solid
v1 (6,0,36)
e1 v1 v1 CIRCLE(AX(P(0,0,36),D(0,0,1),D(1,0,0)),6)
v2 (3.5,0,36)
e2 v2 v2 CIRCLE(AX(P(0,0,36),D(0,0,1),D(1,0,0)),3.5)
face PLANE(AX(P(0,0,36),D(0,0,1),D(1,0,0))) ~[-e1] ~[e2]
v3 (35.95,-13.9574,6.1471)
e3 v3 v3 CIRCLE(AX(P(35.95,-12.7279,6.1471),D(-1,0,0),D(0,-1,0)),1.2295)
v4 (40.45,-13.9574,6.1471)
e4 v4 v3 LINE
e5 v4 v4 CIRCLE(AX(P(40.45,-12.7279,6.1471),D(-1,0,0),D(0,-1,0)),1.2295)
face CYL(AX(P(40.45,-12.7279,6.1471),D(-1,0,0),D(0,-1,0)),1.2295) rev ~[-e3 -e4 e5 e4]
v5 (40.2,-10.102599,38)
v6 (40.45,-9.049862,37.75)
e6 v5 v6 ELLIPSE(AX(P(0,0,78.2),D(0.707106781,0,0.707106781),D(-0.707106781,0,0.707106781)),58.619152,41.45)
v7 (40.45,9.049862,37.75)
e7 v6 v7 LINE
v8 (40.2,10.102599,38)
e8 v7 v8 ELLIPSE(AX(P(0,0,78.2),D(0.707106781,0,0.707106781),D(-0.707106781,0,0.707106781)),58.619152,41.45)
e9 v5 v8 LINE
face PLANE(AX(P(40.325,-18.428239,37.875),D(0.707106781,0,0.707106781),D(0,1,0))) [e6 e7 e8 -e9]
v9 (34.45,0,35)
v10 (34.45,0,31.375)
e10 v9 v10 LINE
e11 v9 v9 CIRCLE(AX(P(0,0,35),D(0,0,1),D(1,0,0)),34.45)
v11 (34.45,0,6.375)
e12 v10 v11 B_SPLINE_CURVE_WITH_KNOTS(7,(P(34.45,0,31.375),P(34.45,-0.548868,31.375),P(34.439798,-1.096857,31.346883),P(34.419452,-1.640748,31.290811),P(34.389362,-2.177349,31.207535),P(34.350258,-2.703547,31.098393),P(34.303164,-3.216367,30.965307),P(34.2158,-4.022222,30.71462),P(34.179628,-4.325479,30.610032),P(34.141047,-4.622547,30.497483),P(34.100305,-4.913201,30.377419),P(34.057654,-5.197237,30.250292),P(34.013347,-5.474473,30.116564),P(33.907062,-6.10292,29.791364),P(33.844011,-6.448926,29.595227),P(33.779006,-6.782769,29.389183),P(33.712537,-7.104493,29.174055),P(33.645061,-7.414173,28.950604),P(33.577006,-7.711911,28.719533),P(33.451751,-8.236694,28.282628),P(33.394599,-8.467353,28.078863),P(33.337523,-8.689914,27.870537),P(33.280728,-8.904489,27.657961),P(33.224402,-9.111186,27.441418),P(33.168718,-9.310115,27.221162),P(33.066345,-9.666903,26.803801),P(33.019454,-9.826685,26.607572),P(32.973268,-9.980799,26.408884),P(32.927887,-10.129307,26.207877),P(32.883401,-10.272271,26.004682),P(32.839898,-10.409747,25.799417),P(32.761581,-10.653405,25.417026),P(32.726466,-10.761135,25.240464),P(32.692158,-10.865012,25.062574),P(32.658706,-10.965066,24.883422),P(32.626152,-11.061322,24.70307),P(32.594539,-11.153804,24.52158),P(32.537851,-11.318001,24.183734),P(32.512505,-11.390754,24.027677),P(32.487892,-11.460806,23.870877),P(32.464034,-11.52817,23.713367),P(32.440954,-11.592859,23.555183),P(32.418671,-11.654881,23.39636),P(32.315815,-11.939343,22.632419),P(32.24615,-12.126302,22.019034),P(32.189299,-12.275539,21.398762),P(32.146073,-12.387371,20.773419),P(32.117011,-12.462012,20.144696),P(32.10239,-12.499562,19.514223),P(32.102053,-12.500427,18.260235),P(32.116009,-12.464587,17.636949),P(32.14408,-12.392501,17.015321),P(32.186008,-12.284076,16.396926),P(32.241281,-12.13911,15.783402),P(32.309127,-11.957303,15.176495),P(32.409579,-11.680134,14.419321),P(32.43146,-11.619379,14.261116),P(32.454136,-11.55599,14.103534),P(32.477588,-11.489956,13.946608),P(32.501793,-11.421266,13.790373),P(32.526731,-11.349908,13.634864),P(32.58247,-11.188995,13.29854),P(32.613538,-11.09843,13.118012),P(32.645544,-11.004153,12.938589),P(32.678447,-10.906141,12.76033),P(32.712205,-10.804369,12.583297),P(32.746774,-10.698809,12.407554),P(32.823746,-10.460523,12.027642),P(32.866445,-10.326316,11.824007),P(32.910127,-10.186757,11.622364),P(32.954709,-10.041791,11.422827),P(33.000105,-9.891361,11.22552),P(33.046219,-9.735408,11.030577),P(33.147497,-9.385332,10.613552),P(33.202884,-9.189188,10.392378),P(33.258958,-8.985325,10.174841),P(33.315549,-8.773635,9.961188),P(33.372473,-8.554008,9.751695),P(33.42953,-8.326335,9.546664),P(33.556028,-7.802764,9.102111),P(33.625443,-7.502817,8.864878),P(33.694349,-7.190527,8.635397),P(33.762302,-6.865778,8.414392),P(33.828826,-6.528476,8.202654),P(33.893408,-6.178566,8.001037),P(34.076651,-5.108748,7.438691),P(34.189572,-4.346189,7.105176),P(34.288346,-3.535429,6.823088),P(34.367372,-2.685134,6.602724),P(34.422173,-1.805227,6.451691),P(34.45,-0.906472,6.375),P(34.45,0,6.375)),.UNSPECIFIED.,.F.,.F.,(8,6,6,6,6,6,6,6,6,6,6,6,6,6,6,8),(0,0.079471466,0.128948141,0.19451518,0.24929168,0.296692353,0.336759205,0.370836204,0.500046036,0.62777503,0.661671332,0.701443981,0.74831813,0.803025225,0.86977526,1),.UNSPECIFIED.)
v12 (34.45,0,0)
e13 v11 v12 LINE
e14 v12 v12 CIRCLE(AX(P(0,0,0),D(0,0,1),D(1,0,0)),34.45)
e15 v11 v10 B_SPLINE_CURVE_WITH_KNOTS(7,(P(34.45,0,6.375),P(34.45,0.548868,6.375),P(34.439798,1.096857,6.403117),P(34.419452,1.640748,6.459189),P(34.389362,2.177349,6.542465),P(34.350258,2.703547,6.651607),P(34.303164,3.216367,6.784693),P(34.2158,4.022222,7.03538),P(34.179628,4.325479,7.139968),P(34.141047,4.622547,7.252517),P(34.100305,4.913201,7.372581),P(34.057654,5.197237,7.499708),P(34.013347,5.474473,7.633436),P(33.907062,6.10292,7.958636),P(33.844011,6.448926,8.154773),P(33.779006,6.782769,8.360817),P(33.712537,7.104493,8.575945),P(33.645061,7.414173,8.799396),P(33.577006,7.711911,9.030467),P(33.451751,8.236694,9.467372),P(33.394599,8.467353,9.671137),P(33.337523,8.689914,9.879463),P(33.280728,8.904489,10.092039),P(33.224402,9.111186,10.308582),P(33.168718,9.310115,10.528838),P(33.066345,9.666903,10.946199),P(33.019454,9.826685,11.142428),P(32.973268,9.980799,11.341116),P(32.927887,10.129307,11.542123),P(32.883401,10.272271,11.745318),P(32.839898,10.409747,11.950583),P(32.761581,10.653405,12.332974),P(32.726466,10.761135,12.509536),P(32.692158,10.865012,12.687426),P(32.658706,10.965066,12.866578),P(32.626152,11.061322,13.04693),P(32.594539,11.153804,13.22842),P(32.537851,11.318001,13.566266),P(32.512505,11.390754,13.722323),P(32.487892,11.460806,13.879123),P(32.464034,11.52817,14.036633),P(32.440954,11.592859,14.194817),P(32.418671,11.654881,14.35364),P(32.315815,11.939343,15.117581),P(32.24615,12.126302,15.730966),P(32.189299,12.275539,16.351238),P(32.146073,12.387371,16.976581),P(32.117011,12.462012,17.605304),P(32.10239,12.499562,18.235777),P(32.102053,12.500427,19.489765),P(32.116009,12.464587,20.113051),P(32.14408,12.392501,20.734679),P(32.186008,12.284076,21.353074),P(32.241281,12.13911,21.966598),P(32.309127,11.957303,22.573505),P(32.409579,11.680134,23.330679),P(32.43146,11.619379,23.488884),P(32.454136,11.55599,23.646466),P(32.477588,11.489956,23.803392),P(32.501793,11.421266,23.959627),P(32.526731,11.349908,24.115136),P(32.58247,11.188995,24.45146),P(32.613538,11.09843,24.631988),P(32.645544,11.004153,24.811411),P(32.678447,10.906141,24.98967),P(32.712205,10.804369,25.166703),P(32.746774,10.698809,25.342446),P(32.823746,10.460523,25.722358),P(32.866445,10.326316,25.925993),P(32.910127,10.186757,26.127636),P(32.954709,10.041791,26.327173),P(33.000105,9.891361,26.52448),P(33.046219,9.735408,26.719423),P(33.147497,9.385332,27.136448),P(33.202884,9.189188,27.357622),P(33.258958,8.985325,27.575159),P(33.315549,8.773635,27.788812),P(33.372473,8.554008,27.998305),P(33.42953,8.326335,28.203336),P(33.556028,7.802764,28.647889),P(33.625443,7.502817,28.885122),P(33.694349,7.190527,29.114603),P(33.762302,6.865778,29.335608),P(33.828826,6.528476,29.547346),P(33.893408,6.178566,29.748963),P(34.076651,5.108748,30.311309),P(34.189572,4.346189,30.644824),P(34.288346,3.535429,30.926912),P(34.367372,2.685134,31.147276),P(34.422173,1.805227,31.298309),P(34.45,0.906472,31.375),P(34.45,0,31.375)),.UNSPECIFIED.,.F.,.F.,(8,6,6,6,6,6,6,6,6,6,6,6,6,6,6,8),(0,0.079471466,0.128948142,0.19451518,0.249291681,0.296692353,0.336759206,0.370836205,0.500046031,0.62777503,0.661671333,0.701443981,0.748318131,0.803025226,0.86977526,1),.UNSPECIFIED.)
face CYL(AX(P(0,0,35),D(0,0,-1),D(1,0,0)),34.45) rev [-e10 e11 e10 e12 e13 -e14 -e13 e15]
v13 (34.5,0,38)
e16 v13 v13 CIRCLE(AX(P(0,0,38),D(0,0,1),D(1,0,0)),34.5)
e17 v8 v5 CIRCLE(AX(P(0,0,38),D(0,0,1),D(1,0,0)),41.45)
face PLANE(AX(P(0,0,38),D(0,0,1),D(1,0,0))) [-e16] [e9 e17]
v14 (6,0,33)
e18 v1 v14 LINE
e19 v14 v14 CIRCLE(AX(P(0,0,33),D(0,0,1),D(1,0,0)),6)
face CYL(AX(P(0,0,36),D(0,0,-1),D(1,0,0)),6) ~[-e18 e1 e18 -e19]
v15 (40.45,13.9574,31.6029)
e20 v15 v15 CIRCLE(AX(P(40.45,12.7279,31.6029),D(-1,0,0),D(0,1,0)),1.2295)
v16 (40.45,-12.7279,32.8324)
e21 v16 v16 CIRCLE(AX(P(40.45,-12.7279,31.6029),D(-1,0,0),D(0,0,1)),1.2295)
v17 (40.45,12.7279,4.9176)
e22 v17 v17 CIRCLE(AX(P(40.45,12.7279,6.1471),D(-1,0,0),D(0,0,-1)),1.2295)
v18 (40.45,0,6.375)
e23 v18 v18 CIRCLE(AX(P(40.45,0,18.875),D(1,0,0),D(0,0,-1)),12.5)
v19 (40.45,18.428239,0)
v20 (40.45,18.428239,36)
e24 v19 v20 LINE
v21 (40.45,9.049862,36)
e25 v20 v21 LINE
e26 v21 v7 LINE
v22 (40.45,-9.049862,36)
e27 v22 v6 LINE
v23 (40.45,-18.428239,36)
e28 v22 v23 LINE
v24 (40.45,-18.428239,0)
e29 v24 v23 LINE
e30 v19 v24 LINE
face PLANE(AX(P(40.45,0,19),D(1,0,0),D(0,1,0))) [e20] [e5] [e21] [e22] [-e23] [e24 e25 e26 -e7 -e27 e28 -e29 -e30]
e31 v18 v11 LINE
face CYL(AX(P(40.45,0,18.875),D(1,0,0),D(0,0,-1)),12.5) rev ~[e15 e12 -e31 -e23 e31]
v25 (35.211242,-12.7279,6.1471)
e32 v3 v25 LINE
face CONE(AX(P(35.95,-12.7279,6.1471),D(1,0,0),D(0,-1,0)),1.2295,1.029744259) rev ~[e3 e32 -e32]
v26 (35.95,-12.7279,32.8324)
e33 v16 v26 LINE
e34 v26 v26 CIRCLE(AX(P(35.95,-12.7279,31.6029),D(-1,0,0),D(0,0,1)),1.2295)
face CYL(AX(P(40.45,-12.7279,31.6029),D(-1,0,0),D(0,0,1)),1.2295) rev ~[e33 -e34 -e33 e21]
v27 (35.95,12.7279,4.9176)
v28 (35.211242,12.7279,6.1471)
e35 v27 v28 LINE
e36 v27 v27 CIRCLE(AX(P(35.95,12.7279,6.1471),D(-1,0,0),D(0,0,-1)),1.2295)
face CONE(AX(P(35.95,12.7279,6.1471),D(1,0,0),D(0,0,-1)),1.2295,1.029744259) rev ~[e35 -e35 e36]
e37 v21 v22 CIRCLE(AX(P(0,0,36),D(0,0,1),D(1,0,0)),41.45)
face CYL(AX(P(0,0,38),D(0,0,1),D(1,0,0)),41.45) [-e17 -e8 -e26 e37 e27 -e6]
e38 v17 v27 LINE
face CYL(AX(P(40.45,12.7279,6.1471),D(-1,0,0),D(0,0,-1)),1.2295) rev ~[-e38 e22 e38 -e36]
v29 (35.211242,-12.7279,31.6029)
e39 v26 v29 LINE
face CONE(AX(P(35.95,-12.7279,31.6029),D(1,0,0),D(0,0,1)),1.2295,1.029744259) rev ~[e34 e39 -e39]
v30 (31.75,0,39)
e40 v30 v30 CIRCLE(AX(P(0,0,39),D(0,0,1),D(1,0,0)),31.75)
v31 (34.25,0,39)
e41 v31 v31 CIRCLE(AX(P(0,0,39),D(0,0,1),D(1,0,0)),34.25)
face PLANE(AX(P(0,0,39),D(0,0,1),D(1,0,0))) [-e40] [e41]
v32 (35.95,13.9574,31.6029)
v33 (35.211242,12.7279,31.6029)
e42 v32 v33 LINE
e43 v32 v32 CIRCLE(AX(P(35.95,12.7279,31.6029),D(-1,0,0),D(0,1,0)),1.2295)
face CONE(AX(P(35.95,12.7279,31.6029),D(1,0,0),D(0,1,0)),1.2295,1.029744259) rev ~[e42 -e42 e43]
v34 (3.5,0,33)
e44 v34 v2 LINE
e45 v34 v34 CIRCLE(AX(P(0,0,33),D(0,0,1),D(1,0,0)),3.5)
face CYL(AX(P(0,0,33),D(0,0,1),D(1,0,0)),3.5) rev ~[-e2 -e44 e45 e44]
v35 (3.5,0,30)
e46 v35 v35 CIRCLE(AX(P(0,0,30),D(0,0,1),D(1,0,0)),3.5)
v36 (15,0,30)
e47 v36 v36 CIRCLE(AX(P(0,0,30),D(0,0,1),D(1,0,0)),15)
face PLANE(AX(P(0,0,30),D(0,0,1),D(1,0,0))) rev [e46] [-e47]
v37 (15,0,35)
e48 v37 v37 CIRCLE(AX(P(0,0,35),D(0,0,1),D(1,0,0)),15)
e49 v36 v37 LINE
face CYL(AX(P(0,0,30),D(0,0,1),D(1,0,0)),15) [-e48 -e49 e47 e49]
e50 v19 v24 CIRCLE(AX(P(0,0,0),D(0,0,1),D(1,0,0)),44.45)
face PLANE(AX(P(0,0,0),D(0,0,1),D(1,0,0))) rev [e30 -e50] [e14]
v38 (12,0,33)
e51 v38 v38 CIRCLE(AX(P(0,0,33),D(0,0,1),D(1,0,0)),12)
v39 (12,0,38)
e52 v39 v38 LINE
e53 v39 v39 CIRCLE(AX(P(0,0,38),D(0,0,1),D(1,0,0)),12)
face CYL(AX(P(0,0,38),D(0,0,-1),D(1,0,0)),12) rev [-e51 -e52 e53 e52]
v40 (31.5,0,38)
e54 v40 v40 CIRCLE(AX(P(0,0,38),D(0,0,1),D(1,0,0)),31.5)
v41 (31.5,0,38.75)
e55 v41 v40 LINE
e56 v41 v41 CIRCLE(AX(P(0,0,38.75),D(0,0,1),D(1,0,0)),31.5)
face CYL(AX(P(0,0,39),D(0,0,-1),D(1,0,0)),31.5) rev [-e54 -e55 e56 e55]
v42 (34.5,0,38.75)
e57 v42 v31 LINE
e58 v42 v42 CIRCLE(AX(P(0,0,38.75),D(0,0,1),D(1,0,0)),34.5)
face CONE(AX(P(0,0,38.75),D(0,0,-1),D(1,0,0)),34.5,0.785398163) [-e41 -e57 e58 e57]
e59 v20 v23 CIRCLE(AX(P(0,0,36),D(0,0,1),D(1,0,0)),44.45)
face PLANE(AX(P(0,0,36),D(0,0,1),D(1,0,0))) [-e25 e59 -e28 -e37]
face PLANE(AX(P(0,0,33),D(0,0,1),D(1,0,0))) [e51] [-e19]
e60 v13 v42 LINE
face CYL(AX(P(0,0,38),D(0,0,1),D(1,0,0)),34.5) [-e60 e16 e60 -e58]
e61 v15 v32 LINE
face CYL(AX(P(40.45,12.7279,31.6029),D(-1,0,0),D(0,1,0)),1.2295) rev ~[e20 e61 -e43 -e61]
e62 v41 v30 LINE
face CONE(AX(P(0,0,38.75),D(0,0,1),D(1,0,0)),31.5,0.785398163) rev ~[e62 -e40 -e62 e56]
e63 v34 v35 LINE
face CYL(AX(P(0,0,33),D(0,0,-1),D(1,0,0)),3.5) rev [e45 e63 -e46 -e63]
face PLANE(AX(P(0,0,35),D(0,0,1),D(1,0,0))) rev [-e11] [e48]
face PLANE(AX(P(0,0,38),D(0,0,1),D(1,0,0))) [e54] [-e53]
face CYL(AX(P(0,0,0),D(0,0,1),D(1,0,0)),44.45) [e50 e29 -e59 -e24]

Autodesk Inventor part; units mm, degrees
ref_plane "XZ Plane" through (0, 0, 0) normal (0, 1, 0) x (-1, 0, 0)
ref_plane "XY Plane" through (0, 0, 0) normal (0, 0, 1) x (1, 0, 0)
sketch "Sketch1" plane through (0, 0, 0) normal (0, 1, 0) x (-1, 0, 0)
  line L0 (0, 0) -> (0, 38)
  line L1 (-3.5, 30) -> (-15, 30)
  line L2 (-15, 30) -> (-15, 35)
  line L3 (-15, 35) -> (-34.45, 35)
  line L4 (-34.45, 35) -> (-34.45, 0)
  line L5 (-34.45, 0) -> (-44.45, 0)
  line L6 (-44.45, 0) -> (-44.45, 38)
  line L7 (-44.45, 38) -> (-34.5, 38)
  line L8 (-34.5, 38) -> (-34.5, 39)
  line L9 (-34.5, 39) -> (-31.5, 39)
  line L10 (-31.5, 39) -> (-31.5, 38)
  line L11 (-31.5, 38) -> (-12, 38)
  line L12 (-12, 33) -> (-3.5, 33)
  line L13 (-12, 38) -> (-12, 33)
  line L14 (-3.5, 33) -> (-3.5, 30)
  line L15 (-3.5, 33) -> (-3.5, 36)
  line L16 (-3.5, 36) -> (-6, 36)
  line L17 (-6, 36) -> (-6, 33)
  dimension "d5" = 69
  dimension "d6" = 3
  dimension "d7" = 1
  dimension "d8" = 88.9
  dimension "d10" = 3
  dimension "d11" = 5
  dimension "d12" = 30
  dimension "d37" = 10
  dimension "d64" = 38
  dimension "d74" = 7
  dimension "d75" = 24
  dimension "d76" = 3
  dimension "d77" = 2.5
  dimension "d78" = 3
revolve "Revolution1" add sketch "Sketch1" angle 360 about axis through (0, 0, 0) along (0, 0, 1)
ref_plane "Work Plane1" through (44.45, 0, 19) normal (1, 0, 0) x (0, 1, 0)
sketch "Sketch7" plane through (44.45, 0, 19) normal (1, 0, 0) x (0, 1, 0)
  line L0 (34.45, 16) -> (-34.45, 16) projected
  line L1 (34.45, -19) -> (-34.45, -19) projected
  line L2 (34.45, 16) -> (-34.45, 16) projected
  line L3 (0, 16) -> (0, -19) construction
  line L4 (57.5, 28.575) -> (-57.5, 28.575)
  line L5 (-57.5, 28.575) -> (-57.5, -31.575)
  line L6 (-57.5, -31.575) -> (57.5, -31.575)
  line L7 (57.5, -31.575) -> (57.5, 28.575)
  line L8 (57.5, 28.575) -> (-57.5, -31.575) construction
  line L9 (-57.5, 28.575) -> (57.5, -31.575) construction
  point P0 (0, -1.5)
  dimension "d79" = 115
  dimension "d80" = 60.1501
extrude "Extrusion5" cut sketch "Sketch7" against normal blind 4
chamfer "Chamfer1" distance 0.25 angle 45 4 edges at (-44.45, 0, 38) (-34.5, 0, 39) (-31.5, 0, 39) (40.45, 0, 38)
sketch "Sketch8" plane through (40.45, 0, 19) normal (1, 0, 0) x (0, 0, -1)
  circle A0 centre (0.125, 0) radius 12.5
  line L0 (19, 44.45) -> (19, -44.45) projected
  line L1 (-19, -44.2) -> (-19, 44.2) projected
  line L2 (19, -18.4282) -> (-18.75, -18.4282) projected
  point P0 (19, 0)
  point P1 (19, 18.4282)
  point P2 (-19, -18.3739)
  point P3 (-19, 18.3739)
  point P4 (19, 0)
  point P5 (0.125, -18.4282)
  dimension "d44" = 25
extrude "Extrusion6" cut sketch "Sketch8" against normal blind 20
sketch "Sketch10" plane through (40.45, 0, 19) normal (1, 0, 0) x (0, 0, -1)
  circle A0 centre (0.125, 0) radius 12.5 projected
  line L0 (0.125, 0) -> (19, 0)
  line L1 (19, 18.4282) -> (19, -18.4282) projected
  line L2 (0.125, 0) -> (12.8529, 12.7279)
  point P0 (19, 0)
  dimension "d51" = 18
  dimension "d65" = 45
hole "Hole2" at (40.45, 12.7279, 6.1471) direction (-1, 0, 0) diameter 2.459 depth 4.5 tip angle 118 thread size "M3x0.5" class "6H" standard "ISO Metric profile"
pattern_circular "Circular Pattern1" count 4 over 360 about axis through (40.45, 0, 18.875) along (-1, 0, 0) of "Hole2"
sketch "Sketch12" plane through (0, 0, 38) normal (0, 0, 1) x (1, 0, 0)
  circle A0 centre (0, 0) radius 41.45
  circle A1 centre (0, 0) radius 44.45
  point P0 (0, 0)
  dimension "d81" = 82.9
  dimension "d82" = 88.9
extrude "Extrusion9" cut sketch "Sketch12" against normal blind 2
properties part number "008" material "Steel, Carbon"
